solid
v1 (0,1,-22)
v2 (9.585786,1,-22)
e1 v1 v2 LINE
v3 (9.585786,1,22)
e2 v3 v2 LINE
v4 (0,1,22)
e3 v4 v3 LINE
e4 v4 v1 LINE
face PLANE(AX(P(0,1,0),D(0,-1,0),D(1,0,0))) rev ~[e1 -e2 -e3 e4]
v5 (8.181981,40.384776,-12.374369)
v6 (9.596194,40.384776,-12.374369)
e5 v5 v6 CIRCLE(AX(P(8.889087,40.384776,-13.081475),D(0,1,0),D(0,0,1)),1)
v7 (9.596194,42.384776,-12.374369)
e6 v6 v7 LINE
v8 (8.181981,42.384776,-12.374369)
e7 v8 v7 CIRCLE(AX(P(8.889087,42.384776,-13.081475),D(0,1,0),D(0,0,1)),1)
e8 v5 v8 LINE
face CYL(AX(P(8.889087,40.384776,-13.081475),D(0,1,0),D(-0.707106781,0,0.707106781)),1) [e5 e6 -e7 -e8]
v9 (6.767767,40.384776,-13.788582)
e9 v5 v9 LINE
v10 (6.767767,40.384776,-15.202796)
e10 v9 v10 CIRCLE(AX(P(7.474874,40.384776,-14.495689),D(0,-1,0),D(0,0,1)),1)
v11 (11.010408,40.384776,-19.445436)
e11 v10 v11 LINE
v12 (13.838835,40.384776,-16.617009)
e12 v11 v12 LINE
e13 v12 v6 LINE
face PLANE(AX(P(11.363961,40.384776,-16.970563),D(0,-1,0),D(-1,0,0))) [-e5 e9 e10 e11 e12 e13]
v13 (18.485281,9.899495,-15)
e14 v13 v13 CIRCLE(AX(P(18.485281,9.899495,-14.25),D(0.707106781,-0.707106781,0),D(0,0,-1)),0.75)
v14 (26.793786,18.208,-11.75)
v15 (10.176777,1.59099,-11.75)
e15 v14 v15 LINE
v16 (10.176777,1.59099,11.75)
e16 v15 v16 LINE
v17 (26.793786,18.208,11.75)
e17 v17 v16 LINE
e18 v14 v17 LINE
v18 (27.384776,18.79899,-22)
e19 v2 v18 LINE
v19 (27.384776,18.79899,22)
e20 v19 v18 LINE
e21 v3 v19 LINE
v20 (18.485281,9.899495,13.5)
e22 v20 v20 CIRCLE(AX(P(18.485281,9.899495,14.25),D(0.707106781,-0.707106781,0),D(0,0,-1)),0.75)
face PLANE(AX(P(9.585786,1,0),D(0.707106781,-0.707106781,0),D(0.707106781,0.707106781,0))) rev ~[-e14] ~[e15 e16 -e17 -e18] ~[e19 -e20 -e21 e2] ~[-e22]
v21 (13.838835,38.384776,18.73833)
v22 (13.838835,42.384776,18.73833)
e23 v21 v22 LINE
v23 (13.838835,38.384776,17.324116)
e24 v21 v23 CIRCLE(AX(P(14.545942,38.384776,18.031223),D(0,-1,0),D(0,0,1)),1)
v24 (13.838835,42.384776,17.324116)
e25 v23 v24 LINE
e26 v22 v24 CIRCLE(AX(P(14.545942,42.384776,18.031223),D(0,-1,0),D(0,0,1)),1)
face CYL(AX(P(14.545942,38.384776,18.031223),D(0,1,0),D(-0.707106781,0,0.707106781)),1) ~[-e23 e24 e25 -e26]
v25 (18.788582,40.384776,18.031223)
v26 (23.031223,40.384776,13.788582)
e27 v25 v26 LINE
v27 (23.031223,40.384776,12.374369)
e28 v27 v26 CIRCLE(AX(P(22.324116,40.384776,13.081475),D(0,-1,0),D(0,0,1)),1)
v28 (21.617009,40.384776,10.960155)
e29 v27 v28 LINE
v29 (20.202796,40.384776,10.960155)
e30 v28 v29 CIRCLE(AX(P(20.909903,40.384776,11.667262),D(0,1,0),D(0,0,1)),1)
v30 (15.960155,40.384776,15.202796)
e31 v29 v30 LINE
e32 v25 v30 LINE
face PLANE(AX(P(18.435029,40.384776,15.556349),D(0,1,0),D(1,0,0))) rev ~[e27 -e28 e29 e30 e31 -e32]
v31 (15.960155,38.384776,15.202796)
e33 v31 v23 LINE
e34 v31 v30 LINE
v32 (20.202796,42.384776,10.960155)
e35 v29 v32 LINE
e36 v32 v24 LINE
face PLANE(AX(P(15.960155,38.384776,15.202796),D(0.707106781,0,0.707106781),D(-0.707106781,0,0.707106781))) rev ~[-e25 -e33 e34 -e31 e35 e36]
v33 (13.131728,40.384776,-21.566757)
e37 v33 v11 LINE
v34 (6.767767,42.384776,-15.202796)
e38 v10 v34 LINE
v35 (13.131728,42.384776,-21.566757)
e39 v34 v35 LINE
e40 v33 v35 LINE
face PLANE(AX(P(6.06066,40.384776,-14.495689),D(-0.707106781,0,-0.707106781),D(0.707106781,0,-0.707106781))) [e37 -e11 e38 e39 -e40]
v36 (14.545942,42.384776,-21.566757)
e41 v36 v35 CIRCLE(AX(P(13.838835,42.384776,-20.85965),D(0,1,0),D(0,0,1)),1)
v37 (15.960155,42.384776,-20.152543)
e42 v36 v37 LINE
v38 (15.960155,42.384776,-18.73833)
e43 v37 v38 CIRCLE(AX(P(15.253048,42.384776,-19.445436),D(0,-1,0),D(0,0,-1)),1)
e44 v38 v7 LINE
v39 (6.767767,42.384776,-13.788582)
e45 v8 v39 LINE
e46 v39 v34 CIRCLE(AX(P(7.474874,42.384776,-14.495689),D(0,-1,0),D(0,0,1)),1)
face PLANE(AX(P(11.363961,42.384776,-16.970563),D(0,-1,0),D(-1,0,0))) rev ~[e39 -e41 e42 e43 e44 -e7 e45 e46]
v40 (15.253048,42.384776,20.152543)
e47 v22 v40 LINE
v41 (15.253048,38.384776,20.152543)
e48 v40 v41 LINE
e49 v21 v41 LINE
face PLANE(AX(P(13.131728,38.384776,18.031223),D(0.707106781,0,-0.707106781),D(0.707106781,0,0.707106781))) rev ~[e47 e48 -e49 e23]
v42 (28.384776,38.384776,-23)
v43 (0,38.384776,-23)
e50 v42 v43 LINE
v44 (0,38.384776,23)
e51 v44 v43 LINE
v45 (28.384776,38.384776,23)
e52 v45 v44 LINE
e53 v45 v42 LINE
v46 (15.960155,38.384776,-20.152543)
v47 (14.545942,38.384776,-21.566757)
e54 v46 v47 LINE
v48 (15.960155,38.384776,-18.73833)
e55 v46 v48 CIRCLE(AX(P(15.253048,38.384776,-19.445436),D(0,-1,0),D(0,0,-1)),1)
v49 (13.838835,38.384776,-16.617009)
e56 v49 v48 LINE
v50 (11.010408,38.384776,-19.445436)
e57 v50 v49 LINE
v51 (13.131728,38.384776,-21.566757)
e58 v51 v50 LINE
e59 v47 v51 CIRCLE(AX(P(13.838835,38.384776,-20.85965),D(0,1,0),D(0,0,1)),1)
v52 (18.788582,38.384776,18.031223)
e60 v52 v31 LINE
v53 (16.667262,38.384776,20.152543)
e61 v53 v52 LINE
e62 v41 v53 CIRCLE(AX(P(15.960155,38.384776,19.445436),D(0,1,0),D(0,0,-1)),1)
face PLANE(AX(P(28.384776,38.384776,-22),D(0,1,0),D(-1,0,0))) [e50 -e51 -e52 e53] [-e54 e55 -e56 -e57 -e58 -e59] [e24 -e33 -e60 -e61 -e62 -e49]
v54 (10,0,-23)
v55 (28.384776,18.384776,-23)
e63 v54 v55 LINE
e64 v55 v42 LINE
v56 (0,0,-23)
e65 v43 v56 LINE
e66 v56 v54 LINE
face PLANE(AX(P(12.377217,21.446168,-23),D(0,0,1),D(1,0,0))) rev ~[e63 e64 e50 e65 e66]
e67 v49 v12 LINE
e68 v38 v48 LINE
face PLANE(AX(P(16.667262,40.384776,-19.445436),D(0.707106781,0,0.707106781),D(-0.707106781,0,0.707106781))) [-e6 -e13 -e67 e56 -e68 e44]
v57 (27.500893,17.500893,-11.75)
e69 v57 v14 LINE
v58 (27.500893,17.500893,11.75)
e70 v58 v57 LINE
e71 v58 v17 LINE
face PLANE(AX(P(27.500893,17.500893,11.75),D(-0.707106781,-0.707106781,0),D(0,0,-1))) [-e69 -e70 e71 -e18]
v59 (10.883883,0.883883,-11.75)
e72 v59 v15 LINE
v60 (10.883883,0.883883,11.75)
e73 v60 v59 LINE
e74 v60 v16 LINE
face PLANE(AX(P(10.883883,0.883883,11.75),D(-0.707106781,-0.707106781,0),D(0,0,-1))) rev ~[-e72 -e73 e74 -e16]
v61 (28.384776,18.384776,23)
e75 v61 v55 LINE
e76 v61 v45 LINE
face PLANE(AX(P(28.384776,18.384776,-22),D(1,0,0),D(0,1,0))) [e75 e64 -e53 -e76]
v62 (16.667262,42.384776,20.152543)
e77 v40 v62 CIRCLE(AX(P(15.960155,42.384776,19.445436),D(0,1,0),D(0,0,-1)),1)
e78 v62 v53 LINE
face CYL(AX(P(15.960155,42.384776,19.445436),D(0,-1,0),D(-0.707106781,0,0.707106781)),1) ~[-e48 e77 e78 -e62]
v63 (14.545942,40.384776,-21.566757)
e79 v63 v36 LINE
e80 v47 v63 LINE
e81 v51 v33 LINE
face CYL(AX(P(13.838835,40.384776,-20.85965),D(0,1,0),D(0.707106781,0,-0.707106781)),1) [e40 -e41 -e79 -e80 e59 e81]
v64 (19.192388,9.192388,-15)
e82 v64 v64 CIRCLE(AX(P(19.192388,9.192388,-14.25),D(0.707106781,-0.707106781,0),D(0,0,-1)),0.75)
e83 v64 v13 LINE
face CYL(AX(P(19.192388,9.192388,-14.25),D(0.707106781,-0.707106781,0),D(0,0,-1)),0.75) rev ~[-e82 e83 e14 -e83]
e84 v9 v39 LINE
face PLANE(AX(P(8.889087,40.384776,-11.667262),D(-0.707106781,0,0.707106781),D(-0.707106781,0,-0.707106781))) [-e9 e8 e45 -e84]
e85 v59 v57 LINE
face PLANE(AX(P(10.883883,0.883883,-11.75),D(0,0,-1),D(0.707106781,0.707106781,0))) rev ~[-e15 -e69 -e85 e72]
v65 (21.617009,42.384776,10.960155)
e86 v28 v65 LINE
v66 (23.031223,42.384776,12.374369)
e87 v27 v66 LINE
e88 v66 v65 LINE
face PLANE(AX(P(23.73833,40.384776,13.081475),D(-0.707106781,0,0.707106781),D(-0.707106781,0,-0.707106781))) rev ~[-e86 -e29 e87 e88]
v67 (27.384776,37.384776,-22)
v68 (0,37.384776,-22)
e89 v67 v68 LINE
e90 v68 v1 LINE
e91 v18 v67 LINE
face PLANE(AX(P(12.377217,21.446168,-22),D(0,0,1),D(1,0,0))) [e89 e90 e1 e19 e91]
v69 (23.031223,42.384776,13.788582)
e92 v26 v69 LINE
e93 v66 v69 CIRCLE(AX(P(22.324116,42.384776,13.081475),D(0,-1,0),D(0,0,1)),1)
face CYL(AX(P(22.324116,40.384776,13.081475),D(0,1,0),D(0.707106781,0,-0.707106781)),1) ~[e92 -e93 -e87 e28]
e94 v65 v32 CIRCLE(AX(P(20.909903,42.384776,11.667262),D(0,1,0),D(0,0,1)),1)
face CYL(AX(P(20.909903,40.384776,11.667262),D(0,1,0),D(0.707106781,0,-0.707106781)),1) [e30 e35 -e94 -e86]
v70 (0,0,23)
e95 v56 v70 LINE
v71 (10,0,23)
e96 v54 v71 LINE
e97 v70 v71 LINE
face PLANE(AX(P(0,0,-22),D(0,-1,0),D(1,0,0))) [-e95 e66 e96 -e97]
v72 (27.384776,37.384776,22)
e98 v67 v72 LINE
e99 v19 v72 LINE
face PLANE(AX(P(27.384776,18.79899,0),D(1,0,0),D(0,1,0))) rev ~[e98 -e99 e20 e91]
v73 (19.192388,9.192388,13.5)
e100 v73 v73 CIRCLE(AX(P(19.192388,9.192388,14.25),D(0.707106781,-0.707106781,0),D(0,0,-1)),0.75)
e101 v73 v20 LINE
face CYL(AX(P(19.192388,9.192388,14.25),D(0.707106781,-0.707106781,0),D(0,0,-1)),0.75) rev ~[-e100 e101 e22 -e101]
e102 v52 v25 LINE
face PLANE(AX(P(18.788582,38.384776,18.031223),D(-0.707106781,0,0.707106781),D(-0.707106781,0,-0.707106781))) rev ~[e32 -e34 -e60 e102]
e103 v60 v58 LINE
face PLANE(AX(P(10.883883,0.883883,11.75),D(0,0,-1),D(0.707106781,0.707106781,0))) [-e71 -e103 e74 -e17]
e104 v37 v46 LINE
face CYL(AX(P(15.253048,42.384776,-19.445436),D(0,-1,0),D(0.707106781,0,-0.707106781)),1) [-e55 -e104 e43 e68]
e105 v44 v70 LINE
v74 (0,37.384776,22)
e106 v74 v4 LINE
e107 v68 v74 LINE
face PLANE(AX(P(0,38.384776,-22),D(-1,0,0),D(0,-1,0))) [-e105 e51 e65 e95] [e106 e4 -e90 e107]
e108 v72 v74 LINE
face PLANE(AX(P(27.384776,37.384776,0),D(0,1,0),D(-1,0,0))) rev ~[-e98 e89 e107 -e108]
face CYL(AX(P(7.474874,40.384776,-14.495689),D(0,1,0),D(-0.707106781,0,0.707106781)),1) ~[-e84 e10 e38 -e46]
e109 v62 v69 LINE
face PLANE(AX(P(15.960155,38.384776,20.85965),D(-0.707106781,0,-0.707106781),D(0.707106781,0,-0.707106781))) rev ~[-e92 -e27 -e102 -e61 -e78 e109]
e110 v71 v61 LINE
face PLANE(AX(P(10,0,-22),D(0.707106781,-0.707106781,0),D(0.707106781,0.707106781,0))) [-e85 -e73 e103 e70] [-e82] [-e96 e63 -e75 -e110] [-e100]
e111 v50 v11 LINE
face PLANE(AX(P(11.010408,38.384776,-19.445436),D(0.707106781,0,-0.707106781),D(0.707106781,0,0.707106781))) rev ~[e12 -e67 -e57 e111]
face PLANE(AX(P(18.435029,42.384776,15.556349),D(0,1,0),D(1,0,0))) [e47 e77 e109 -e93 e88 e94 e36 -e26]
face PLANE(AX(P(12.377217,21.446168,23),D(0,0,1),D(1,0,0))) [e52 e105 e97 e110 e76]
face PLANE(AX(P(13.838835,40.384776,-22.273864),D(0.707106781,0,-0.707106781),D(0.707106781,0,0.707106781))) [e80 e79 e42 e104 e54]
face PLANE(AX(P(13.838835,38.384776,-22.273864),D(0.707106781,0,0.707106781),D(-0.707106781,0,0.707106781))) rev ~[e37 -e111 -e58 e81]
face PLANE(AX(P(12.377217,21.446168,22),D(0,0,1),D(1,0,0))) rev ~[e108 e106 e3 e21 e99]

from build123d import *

# Parameters (mm, degrees)
BOSS_EXTRU_1_DEPTH                  = 22
BOSS_EXTRU_1_DEPTH_BACK             = 22
BOSS_EXTRU_5_START                  = 22
BOSS_EXTRU_5_DEPTH                  = 1
BOSS_EXTRU_6_START                  = -22
BOSS_EXTRU_6_DEPTH                  = 1
BOSS_EXTRU_7_DEPTH                  = 2
BOSS_EXTRU_8_DEPTH                  = 2
CONG_1_R                            = 1
ENL_V_MAT_EXTRU_1_REACH             = 59.63
ESQUISSE6_R                         = 0.75
ESQUISSE6_W                         = 23.5
ESQUISSE6_H                         = 23.5
ENL_V_MAT_EXTRU_1_DIRECTION_2_DEPTH = 2


with BuildPart() as part:
    # Esquisse1 → Boss.-Extru.1 (new, two sides: drawn at the far end of the back side and taken through both)
    with BuildSketch(Plane.XY.offset(-BOSS_EXTRU_1_DEPTH_BACK)):
        Polygon((0, 38.384776311), (28.384776311, 38.384776311), (28.384776311, 18.384776311), (10, 0), (0, 0), (0, 1), (9.585786438, 1), (27.384776311, 18.798989873), (27.384776311, 37.384776311), (0, 37.384776311), align=None)
    extrude(amount=BOSS_EXTRU_1_DEPTH + BOSS_EXTRU_1_DEPTH_BACK)

    # Esquisse2 → Boss.-Extru.5 (add)
    with BuildSketch(Plane.XY.offset(BOSS_EXTRU_5_START)):
        Polygon((28.384776311, 38.384776311), (0, 38.384776311), (0, 0), (10, 0), (28.384776311, 18.384776311), align=None)
    extrude(amount=BOSS_EXTRU_5_DEPTH)

    # Esquisse3 → Boss.-Extru.6 (add)
    with BuildSketch(Plane.XY.offset(BOSS_EXTRU_6_START)):
        Polygon((0, 38.384776311), (0, 0), (10, 0), (28.384776311, 18.384776311), (28.384776311, 38.384776311), align=None)
    extrude(amount=-BOSS_EXTRU_6_DEPTH)

    # Esquisse4 → Boss.-Extru.7 (add)
    with BuildSketch(Plane(origin=(0, 38.384776311, 0), x_dir=(1, 0, 0), z_dir=(0, 1, 0))):
        Polygon((11.01040764, 19.445436483), (13.838834765, 16.617009358), (16.66726189, 19.445436483), (13.838834765, 22.273863607), align=None)
        Polygon((15.960155108, -20.859650045), (18.788582233, -18.03122292), (15.960155108, -15.202795796), (13.131727984, -18.03122292), align=None)
    extrude(amount=BOSS_EXTRU_7_DEPTH)

    # Esquisse5 → Boss.-Extru.8 (add)
    with BuildSketch(Plane(origin=(0, 40.384776311, 0), x_dir=(1, 0, 0), z_dir=(0, 1, 0))):
        Polygon((13.838834765, 22.273863607), (16.66726189, 19.445436483), (8.889087297, 11.66726189), (6.060660172, 14.495689014), align=None)
        Polygon((13.131727984, -18.03122292), (15.960155108, -20.859650045), (23.738329701, -13.081475452), (20.909902577, -10.253048327), align=None)
    extrude(amount=BOSS_EXTRU_8_DEPTH)

    # Congé1
    cong_1_edges = [part.edges().sort_by_distance(p)[0] for p in [
        (20.909902577, 41.384776311, 10.253048327),
        (23.738329701, 41.384776311, 13.081475452),
        (6.060660172, 41.384776311, -14.495689014),
        (8.889087297, 41.384776311, -11.66726189),
        (13.838834765, 40.384776311, -22.273863607),
        (16.66726189, 40.384776311, -19.445436483),
        (13.131727984, 40.384776311, 18.03122292),
        (15.960155108, 40.384776311, 20.859650045),
    ]]
    fillet(cong_1_edges, radius=CONG_1_R)

    # Esquisse6 → Enlèv. mat.-Extru.1 (cut, up to next)
    with BuildSketch(Plane(origin=(5, -5, 0), x_dir=(0, 0, -1), z_dir=(0.707106781186549, -0.707106781186546, 0)), mode=Mode.PRIVATE) as enl_v_mat_extru_1_sk1:
        with Locations((14.25, 20.071067812)):
            Circle(ESQUISSE6_R)
    enl_v_mat_extru_1_tool1 = extrude(enl_v_mat_extru_1_sk1.sketch, amount=-ENL_V_MAT_EXTRU_1_REACH, mode=Mode.PRIVATE) & part.part
    # Esquisse6 → Enlèv. mat.-Extru.1 (cut, up to next)
    with BuildSketch(Plane(origin=(5, -5, 0), x_dir=(0, 0, -1), z_dir=(0.707106781186549, -0.707106781186546, 0)), mode=Mode.PRIVATE) as enl_v_mat_extru_1_sk2:
        with Locations((-14.25, 20.071067812)):
            Circle(ESQUISSE6_R)
    enl_v_mat_extru_1_tool2 = extrude(enl_v_mat_extru_1_sk2.sketch, amount=-ENL_V_MAT_EXTRU_1_REACH, mode=Mode.PRIVATE) & part.part
    # Esquisse6 → Enlèv. mat.-Extru.1 (cut, up to next)
    with BuildSketch(Plane(origin=(5, -5, 0), x_dir=(0, 0, -1), z_dir=(0.707106781186549, -0.707106781186546, 0)), mode=Mode.PRIVATE) as enl_v_mat_extru_1_sk3:
        with Locations((0, 20.071067812)):
            Rectangle(ESQUISSE6_W, ESQUISSE6_H)
    enl_v_mat_extru_1_tool3 = extrude(enl_v_mat_extru_1_sk3.sketch, amount=-ENL_V_MAT_EXTRU_1_REACH, mode=Mode.PRIVATE) & part.part
    add(enl_v_mat_extru_1_tool1.solids().sort_by_distance((19.192388, 9.192388, -14.25))[0], mode=Mode.SUBTRACT)
    add(enl_v_mat_extru_1_tool2.solids().sort_by_distance((19.192388, 9.192388, 14.25))[0], mode=Mode.SUBTRACT)
    add(enl_v_mat_extru_1_tool3.solids().sort_by_distance((19.192388, 9.192388, 0))[0], mode=Mode.SUBTRACT)

    # Esquisse6 → Enlèv. mat.-Extru.1 direction 2 (cut)
    with BuildSketch(Plane(origin=(5, -5, 0), x_dir=(0, 0, -1), z_dir=(0.707106781186549, -0.707106781186546, 0))):
        with Locations((14.25, 20.071067812)):
            Circle(ESQUISSE6_R)
        with Locations((-14.25, 20.071067812)):
            Circle(ESQUISSE6_R)
        with Locations((0, 20.071067812)):
            Rectangle(ESQUISSE6_W, ESQUISSE6_H)
    extrude(amount=ENL_V_MAT_EXTRU_1_DIRECTION_2_DEPTH, mode=Mode.SUBTRACT)


solid = part.part
